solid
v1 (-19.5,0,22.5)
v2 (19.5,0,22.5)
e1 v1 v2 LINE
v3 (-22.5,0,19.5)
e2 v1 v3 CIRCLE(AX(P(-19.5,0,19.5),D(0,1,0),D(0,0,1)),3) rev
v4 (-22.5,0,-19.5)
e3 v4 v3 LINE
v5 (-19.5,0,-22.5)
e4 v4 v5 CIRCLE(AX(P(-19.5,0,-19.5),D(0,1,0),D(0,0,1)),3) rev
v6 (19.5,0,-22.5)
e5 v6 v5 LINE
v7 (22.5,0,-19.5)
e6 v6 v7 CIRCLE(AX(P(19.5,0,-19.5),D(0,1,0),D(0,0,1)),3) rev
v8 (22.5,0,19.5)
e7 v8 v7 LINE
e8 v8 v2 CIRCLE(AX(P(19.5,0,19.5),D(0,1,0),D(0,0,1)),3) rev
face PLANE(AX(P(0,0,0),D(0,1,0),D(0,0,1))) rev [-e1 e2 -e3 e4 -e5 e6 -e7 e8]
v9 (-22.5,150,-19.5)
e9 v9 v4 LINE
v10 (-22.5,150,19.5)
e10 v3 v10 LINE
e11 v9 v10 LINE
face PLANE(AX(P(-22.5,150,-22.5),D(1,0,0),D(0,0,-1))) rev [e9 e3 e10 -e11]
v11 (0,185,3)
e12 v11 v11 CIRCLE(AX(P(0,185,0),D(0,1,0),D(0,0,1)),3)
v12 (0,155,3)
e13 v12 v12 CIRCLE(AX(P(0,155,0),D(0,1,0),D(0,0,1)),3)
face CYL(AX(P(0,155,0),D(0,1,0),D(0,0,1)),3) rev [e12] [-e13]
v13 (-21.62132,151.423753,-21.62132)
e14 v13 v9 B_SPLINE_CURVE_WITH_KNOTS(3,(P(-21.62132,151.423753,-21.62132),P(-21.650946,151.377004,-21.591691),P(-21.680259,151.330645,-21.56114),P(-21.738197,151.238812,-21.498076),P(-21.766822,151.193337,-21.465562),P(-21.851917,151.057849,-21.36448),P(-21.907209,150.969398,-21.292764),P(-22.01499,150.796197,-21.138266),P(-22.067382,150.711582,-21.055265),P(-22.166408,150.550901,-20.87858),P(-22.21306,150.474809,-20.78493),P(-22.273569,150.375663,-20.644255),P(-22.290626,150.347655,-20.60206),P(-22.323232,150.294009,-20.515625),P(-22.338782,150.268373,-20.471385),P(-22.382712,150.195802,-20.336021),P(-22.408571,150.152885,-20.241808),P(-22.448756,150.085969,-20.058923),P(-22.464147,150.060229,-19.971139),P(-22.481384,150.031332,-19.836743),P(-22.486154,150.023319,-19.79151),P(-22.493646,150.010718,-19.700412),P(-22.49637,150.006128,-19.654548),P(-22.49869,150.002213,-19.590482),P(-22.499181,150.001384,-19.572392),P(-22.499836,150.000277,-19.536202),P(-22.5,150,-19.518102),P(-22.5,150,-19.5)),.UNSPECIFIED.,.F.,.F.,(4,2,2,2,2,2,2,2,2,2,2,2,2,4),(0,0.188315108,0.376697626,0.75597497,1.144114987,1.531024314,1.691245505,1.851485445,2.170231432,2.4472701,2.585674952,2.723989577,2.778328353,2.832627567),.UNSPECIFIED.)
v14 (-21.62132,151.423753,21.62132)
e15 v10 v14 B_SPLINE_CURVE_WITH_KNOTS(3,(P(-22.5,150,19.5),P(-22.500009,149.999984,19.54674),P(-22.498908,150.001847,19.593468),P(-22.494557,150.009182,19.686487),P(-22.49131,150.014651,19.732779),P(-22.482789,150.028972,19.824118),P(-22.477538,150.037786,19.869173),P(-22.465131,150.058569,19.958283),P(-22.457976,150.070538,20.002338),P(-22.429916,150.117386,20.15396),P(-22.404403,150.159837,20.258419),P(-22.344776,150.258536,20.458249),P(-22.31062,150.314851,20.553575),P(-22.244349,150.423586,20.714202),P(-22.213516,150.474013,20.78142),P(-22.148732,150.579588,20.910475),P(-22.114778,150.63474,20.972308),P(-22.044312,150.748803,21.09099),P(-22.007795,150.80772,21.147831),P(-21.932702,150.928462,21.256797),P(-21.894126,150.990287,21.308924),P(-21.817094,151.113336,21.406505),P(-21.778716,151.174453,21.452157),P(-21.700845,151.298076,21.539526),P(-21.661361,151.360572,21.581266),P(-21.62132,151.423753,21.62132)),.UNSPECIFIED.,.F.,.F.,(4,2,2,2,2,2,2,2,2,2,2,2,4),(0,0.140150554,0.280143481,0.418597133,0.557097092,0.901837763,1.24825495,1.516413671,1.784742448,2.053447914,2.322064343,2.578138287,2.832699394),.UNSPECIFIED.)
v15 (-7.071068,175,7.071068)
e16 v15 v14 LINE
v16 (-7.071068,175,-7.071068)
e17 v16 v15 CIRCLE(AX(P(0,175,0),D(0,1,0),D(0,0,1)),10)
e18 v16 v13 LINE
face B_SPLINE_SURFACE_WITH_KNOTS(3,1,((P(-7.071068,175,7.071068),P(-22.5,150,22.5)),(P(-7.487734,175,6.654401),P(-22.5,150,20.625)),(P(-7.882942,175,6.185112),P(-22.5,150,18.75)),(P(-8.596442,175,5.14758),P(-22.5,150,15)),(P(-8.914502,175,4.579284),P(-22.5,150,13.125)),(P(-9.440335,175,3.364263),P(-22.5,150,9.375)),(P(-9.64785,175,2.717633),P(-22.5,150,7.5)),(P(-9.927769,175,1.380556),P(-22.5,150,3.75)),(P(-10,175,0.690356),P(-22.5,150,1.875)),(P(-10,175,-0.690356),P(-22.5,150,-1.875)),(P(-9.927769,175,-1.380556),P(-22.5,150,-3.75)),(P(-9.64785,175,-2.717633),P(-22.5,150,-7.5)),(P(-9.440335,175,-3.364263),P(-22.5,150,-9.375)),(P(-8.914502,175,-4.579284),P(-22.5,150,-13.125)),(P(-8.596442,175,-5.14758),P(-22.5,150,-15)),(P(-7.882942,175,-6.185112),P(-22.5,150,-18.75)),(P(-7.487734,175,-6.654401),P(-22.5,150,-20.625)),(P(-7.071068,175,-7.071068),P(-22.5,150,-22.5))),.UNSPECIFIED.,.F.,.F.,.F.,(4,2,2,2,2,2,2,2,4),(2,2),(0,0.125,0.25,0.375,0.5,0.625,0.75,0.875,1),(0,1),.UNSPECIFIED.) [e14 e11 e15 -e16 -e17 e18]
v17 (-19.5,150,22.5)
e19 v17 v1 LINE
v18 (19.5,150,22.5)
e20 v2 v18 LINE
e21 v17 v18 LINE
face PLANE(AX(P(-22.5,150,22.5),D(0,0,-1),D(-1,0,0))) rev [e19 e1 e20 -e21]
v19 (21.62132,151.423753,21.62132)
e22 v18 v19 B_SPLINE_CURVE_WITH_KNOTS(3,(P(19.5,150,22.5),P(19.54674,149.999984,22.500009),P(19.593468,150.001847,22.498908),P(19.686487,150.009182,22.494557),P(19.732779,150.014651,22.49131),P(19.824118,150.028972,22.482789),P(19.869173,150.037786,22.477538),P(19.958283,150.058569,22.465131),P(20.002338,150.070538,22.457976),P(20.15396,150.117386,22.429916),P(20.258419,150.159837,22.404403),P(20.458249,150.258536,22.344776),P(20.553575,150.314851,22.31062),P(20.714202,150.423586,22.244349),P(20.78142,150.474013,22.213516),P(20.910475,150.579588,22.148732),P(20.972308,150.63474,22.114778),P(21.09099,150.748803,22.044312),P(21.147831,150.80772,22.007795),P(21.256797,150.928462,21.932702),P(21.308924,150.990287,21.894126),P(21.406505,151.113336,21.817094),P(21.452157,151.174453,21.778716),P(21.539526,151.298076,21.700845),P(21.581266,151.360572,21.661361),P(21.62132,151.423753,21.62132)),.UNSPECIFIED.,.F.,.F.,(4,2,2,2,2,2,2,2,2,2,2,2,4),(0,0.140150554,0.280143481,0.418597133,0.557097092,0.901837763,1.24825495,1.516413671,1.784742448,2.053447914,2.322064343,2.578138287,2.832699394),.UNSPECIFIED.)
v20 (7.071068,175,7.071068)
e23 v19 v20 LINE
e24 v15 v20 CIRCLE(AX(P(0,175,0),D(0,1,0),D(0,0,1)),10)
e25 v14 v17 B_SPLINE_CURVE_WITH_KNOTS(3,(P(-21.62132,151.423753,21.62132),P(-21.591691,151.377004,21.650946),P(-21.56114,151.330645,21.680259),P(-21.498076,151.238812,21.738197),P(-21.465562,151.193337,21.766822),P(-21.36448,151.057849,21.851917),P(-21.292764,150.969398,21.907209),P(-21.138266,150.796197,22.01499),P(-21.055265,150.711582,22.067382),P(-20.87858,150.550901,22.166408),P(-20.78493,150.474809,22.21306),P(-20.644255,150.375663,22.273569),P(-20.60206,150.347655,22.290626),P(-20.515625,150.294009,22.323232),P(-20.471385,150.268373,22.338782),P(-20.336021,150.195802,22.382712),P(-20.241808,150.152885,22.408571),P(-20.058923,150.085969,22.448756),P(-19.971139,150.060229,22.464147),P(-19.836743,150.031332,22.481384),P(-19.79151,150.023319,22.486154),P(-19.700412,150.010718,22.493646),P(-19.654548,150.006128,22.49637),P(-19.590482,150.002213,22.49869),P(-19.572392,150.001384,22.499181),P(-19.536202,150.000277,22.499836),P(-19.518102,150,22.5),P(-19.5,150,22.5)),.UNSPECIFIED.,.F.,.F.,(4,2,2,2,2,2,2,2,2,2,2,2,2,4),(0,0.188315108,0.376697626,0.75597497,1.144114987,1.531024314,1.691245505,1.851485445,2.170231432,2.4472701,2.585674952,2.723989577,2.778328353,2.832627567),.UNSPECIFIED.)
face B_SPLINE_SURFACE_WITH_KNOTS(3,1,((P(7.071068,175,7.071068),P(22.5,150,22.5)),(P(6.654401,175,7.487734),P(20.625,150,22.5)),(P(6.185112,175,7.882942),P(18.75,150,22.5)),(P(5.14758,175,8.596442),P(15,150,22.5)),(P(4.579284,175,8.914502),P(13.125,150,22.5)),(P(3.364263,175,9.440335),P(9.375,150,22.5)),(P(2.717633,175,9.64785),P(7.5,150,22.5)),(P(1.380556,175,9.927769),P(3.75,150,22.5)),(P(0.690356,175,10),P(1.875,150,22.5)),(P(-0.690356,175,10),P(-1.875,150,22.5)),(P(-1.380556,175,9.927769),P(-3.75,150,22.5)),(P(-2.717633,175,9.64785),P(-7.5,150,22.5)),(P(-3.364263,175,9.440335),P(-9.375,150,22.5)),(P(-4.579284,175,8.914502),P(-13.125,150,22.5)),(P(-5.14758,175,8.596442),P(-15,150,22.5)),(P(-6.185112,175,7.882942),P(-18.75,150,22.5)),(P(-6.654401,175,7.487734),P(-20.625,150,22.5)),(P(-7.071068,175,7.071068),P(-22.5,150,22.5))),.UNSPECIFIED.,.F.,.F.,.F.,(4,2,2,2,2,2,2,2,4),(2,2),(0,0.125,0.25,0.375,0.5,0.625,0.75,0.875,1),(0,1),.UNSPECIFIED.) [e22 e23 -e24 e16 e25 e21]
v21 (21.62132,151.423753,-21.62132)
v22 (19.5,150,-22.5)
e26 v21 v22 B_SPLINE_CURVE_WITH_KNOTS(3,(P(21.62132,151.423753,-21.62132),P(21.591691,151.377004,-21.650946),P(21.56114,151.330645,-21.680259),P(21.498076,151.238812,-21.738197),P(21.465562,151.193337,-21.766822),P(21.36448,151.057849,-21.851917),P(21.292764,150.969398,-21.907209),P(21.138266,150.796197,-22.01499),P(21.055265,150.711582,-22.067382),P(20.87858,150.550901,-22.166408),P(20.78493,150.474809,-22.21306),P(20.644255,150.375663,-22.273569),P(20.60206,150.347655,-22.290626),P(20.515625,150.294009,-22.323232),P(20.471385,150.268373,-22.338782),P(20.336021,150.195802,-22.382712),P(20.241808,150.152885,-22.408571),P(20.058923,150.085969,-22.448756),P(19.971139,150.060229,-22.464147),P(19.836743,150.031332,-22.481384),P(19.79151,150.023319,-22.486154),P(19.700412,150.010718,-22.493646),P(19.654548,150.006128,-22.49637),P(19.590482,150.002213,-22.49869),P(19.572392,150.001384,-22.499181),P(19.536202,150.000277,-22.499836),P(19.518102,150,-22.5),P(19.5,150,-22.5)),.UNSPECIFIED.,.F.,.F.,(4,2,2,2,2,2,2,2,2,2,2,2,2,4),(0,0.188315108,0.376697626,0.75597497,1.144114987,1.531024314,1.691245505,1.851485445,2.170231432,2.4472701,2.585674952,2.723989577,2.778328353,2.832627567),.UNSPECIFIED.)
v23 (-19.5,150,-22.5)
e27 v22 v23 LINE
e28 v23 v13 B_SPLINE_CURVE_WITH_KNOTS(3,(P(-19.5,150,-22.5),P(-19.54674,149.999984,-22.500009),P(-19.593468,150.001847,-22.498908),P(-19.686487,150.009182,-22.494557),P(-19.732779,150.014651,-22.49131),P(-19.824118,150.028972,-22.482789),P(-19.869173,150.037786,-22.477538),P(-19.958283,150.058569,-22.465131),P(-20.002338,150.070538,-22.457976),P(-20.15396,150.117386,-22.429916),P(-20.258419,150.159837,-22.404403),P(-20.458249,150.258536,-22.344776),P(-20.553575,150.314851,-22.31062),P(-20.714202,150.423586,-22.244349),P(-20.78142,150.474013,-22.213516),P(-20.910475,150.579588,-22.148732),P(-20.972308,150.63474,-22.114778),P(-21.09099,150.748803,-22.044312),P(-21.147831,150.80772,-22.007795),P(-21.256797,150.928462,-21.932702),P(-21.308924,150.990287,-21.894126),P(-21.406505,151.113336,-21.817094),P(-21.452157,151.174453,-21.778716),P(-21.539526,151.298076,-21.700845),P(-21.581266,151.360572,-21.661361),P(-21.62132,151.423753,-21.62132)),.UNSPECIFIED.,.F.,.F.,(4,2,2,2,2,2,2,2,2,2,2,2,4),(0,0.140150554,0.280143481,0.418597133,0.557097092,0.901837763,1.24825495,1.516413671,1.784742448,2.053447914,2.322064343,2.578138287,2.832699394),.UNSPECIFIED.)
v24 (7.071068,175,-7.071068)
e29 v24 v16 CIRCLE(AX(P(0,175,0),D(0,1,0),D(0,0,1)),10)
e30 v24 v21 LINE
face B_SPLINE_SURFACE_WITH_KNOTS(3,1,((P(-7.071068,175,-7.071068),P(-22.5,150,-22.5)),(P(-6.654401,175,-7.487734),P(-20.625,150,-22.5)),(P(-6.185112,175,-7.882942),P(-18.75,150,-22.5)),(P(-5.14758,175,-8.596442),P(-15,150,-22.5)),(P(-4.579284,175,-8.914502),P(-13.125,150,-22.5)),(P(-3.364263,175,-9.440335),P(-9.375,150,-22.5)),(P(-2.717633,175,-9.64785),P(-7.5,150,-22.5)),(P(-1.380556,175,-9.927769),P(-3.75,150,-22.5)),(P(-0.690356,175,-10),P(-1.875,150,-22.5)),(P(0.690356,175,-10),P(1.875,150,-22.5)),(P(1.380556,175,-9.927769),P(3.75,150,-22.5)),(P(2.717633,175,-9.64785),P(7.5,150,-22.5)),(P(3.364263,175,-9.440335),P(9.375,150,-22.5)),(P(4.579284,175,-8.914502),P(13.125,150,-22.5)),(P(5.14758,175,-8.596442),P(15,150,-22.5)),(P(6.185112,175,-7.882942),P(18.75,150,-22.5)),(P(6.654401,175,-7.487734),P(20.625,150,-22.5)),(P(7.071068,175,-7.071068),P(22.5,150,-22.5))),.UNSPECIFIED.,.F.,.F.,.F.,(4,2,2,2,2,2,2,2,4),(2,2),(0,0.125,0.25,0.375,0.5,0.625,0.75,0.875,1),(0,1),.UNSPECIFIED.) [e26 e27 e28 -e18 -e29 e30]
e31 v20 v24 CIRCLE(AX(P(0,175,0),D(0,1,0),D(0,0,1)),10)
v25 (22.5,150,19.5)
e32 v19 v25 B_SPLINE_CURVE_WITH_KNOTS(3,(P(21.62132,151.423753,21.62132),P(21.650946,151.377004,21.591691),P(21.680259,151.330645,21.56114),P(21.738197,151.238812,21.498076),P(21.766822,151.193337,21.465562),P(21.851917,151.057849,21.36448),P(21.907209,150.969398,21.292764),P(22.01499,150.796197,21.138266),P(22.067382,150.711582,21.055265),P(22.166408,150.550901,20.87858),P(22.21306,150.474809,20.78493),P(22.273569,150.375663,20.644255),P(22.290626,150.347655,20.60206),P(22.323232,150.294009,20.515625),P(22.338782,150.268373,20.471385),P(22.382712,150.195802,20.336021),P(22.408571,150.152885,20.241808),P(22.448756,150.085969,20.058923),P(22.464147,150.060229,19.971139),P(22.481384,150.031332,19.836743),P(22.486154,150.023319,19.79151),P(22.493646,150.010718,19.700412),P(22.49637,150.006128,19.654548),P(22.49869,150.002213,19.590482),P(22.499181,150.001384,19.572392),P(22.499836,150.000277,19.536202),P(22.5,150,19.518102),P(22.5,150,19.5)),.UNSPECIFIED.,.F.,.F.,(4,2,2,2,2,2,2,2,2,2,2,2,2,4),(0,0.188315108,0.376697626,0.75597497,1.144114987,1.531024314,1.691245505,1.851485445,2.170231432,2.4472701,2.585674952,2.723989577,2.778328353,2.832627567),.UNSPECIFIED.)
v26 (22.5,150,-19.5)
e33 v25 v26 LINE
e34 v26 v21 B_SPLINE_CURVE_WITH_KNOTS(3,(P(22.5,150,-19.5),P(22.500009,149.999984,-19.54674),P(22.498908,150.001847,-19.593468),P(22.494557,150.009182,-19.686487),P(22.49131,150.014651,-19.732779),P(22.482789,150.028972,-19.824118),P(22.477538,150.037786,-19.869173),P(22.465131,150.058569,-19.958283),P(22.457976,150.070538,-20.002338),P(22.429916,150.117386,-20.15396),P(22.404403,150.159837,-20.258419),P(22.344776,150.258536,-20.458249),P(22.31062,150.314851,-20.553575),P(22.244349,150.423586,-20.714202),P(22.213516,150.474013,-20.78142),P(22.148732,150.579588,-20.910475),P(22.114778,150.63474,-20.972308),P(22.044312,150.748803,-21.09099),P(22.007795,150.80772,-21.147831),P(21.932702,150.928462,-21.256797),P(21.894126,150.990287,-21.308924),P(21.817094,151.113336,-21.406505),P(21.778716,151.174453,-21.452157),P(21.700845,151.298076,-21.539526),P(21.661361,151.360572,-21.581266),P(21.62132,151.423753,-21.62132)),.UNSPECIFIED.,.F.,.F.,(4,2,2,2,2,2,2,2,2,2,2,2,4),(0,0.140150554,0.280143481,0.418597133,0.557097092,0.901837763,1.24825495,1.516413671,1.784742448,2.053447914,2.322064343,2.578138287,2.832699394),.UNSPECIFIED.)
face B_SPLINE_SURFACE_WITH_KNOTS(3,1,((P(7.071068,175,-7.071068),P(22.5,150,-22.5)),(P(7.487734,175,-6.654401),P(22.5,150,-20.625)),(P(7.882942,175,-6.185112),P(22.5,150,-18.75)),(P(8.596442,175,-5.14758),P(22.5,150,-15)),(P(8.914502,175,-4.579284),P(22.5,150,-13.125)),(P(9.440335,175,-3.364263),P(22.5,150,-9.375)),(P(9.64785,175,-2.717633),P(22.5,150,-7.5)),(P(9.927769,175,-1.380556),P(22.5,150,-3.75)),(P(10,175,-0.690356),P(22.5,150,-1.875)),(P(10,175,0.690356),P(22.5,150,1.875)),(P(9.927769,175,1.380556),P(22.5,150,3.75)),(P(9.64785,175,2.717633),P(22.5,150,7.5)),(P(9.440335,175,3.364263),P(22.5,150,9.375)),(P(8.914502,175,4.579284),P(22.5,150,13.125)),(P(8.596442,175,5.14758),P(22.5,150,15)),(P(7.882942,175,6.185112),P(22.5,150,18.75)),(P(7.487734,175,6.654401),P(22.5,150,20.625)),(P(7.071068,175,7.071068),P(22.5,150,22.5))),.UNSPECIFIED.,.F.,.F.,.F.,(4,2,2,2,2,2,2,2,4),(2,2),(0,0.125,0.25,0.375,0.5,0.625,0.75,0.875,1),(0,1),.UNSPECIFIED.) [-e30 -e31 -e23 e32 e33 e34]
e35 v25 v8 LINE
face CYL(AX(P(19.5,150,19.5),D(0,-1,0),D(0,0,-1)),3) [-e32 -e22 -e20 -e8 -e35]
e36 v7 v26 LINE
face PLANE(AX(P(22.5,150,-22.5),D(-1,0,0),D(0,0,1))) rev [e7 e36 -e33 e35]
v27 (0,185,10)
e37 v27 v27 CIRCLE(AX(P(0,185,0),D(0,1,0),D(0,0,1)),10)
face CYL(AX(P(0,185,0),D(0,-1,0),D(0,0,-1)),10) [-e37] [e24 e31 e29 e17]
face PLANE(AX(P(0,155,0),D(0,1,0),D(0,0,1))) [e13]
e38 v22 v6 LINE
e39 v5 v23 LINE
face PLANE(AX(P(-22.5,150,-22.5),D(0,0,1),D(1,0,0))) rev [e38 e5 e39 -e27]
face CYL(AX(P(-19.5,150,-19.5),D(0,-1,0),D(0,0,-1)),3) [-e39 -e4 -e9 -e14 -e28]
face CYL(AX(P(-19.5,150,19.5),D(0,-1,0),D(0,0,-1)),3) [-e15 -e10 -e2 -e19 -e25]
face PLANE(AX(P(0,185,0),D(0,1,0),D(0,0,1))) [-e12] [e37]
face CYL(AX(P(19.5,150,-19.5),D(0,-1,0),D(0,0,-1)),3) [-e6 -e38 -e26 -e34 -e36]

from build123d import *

# Parameters (mm, degrees)
SKETCH_1_W          = 45
SKETCH_1_H          = 45
EXTRUDE_1_DEPTH     = 150
SKETCH_2_W          = 45
SKETCH_2_H          = 45
EXTRUDE_2_DEPTH     = 10
SKETCH_5_R          = 3
CUT_EXTRUDE_1_DEPTH = 30
FILLET_1_R          = 3


with BuildPart() as part:
    # 草图1 → 凸台-拉伸1 (new body)
    with BuildSketch(Plane(origin=(0, 0, 0), x_dir=(1, 0, 0), z_dir=(0, 1, 0))):
        Rectangle(SKETCH_1_W, SKETCH_1_H)
    extrude(amount=EXTRUDE_1_DEPTH)

    # 草图3 for 放样1 → 放样1 section 0
    with BuildSketch(Plane(origin=(0, 175, 0), x_dir=(1, 0, 0), z_dir=(0, 1, 0))):
        with BuildLine():
            # circular arc as an exact rational Bezier (weights 1, cos(half-angle), 1)
            Bezier((7.071067812, -7.071067812), (14.142135623, 0), (7.071067812, 7.071067812), weights=[1, 0.707106781, 1])
            Bezier((7.071067812, 7.071067812), (0, 14.142135623), (-7.071067812, 7.071067812), weights=[1, 0.707106781, 1])
            Bezier((-7.071067812, 7.071067812), (-14.142135623, 0), (-7.071067812, -7.071067812), weights=[1, 0.707106781, 1])
            Bezier((-7.071067812, -7.071067812), (0, -14.142135623), (7.071067812, -7.071067812), weights=[1, 0.707106781, 1])
        make_face()
    # 草图2 → 放样1 section 1
    with BuildSketch(Plane(origin=(0, 150, 0), x_dir=(1, 0, 0), z_dir=(0, 1, 0))):
        Rectangle(SKETCH_2_W, SKETCH_2_H)
    loft()

    # 草图4 → 凸台-拉伸2 (add)
    with BuildSketch(Plane(origin=(0, 175, 0), x_dir=(1, 0, 0), z_dir=(0, 1, 0))):
        with BuildLine():
            ThreePointArc((-7.071067812, 7.071067812), (-10, 0), (-7.071067812, -7.071067812))
            ThreePointArc((-7.071067812, -7.071067812), (0, -10), (7.071067812, -7.071067812))
            ThreePointArc((7.071067812, -7.071067812), (10, 0), (7.071067812, 7.071067812))
            ThreePointArc((7.071067812, 7.071067812), (0, 10), (-7.071067812, 7.071067812))
        make_face()
    extrude(amount=EXTRUDE_2_DEPTH)

    # 草图5 → 切除-拉伸1 (cut)
    with BuildSketch(Plane(origin=(0, 185, 0), x_dir=(1, 0, 0), z_dir=(0, 1, 0))):
        with Locations(Location((0, 0, 0), (0, 0, 270))):
            Circle(SKETCH_5_R)
    extrude(amount=-CUT_EXTRUDE_1_DEPTH, mode=Mode.SUBTRACT)

    # 圆角1
    fillet_1_edges = [part.edges().sort_by_distance(p)[0] for p in [
        (22.5, 75, -22.5),
        (22.5, 75, 22.5),
        (-22.5, 75, -22.5),
        (-22.5, 75, 22.5),
    ]]
    fillet(fillet_1_edges, radius=FILLET_1_R)


solid = part.part
